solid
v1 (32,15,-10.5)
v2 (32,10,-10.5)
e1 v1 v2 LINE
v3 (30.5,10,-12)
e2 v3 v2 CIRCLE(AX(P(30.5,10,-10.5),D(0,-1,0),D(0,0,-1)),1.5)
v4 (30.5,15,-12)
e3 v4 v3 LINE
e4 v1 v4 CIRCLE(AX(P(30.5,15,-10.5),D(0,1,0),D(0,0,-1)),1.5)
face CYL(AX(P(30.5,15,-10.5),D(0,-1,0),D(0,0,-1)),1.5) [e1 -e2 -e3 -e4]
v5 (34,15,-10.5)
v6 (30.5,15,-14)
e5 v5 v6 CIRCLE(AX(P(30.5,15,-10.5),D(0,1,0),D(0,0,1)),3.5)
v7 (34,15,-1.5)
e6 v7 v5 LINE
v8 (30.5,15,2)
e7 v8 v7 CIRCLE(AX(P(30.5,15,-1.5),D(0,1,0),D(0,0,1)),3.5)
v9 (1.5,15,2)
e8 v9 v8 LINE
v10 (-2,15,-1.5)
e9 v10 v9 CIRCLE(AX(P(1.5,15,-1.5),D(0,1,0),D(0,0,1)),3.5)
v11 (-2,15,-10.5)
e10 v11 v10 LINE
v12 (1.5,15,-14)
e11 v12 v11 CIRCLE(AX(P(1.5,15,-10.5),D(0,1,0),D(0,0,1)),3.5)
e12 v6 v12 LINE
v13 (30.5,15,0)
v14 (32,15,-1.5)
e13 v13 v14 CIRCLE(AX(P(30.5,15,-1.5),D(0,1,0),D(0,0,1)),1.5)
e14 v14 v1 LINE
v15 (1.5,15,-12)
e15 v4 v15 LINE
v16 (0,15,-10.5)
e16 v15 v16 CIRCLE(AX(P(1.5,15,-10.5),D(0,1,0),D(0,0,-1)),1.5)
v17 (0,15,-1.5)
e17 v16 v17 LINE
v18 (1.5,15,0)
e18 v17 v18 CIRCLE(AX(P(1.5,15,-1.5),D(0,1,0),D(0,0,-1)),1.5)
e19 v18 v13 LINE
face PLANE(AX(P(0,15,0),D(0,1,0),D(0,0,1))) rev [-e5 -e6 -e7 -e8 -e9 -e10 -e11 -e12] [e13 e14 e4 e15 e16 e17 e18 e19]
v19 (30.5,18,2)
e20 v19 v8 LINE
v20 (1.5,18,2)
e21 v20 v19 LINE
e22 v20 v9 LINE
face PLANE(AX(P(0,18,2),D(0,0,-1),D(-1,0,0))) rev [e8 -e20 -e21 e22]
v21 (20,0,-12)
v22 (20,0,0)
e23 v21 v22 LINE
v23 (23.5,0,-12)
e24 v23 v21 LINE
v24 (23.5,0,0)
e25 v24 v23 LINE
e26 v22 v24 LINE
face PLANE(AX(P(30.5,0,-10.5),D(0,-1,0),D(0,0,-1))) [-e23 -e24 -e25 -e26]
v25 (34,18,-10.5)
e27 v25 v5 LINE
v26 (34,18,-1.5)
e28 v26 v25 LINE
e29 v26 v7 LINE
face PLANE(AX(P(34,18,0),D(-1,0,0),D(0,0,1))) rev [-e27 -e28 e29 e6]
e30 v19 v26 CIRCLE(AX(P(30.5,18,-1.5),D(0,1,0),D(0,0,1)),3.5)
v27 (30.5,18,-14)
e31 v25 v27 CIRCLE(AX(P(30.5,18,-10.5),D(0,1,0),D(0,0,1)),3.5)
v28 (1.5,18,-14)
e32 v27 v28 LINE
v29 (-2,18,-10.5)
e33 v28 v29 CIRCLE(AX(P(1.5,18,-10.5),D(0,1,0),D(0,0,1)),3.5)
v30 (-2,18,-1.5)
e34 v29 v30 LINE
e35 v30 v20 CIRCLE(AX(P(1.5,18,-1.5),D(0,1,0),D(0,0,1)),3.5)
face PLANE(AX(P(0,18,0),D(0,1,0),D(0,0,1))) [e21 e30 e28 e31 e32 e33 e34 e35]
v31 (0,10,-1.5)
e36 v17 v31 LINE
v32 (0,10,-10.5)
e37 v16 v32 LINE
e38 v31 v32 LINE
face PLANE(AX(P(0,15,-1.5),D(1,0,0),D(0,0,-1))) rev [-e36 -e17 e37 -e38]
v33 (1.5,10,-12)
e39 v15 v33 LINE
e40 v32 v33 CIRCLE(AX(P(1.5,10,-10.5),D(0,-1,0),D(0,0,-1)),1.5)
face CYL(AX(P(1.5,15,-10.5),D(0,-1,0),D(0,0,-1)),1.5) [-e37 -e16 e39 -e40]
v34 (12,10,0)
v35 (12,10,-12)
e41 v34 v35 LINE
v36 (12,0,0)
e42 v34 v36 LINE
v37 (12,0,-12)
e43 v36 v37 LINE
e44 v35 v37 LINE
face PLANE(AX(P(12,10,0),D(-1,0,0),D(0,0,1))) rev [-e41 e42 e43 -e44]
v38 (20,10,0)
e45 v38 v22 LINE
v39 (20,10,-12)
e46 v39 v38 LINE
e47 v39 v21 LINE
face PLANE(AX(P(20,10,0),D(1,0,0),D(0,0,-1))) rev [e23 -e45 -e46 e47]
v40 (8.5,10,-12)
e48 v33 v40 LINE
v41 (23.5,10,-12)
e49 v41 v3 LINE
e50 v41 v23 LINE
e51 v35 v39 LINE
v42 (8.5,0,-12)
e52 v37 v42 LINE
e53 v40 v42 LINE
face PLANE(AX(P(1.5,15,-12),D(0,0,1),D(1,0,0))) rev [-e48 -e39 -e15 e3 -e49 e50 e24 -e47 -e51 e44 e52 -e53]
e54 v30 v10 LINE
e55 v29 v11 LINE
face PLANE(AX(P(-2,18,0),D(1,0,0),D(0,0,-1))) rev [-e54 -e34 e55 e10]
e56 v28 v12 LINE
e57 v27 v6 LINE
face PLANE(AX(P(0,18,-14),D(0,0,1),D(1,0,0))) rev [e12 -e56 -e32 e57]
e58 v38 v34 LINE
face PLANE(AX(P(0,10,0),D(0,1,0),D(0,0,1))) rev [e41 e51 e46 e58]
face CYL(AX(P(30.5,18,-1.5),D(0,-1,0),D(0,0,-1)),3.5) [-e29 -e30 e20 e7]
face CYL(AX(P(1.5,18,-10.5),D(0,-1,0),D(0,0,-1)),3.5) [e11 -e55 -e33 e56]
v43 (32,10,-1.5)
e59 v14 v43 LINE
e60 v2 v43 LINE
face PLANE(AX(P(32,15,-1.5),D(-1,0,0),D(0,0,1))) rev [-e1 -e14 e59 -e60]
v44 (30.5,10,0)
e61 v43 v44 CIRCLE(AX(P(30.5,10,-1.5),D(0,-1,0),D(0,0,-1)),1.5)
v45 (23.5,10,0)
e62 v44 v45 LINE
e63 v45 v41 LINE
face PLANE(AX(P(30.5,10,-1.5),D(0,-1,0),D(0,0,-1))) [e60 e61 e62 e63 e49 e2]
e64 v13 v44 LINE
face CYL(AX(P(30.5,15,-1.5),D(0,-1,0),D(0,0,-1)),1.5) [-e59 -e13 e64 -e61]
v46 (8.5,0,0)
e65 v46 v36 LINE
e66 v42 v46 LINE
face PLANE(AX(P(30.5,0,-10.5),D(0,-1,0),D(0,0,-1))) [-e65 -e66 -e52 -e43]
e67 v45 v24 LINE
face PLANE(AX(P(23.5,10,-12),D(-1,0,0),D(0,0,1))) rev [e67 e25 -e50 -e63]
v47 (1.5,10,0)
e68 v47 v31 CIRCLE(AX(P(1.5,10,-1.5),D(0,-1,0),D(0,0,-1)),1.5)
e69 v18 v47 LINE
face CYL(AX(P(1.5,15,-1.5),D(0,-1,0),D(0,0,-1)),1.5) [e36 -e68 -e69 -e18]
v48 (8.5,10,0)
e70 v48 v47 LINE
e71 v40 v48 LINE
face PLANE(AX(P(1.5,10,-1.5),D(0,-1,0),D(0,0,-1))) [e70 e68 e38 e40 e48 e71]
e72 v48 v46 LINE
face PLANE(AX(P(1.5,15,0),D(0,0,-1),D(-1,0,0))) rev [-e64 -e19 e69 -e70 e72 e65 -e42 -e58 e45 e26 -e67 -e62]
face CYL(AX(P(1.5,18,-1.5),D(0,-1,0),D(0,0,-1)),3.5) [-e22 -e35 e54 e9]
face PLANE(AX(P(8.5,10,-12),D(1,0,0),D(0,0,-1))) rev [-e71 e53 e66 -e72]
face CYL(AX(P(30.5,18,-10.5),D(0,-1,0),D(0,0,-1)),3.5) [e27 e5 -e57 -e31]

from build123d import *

# Parameters (mm, degrees)
BOSS_EXTRUDE1_DEPTH = 15
BOSS_EXTRUDE2_DEPTH = 3
SKETCH3_W           = 8
SKETCH3_H           = 12
CUT_EXTRUDE1_DEPTH  = 10
CUT_EXTRUDE3_DEPTH  = 10


with BuildPart() as part:
    # Sketch1 → Boss-Extrude1 (new body)
    with BuildSketch(Plane(origin=(0, 0, 0), x_dir=(1, 0, 0), z_dir=(0, 1, 0))):
        with BuildLine():
            Line((1.5, 0), (30.5, 0))
            ThreePointArc((30.5, 0), (31.560660172, 0.439339828), (32, 1.5))
            Line((32, 1.5), (32, 10.5))
            ThreePointArc((32, 10.5), (31.560660172, 11.560660172), (30.5, 12))
            Line((30.5, 12), (1.5, 12))
            ThreePointArc((1.5, 12), (0.439339828, 11.560660172), (0, 10.5))
            Line((0, 10.5), (0, 1.5))
            ThreePointArc((0, 1.5), (0.439339828, 0.439339828), (1.5, 0))
        make_face()
    extrude(amount=BOSS_EXTRUDE1_DEPTH)

    # Sketch2 → Boss-Extrude2 (add)
    with BuildSketch(Plane(origin=(0, 15, 0), x_dir=(1, 0, 0), z_dir=(0, 1, 0))):
        with BuildLine():
            Line((1.5, -2), (30.5, -2))
            ThreePointArc((30.5, -2), (32.974873734, -0.974873734), (34, 1.5))
            Line((34, 1.5), (34, 10.5))
            ThreePointArc((34, 10.5), (32.974873734, 12.974873734), (30.5, 14))
            Line((30.5, 14), (1.5, 14))
            ThreePointArc((1.5, 14), (-0.974873734, 12.974873734), (-2, 10.5))
            Line((-2, 10.5), (-2, 1.5))
            ThreePointArc((-2, 1.5), (-0.974873734, -0.974873734), (1.5, -2))
        make_face()
        with BuildLine():
            ThreePointArc((32, 10.5), (31.560660172, 11.560660172), (30.5, 12))
            Line((30.5, 12), (1.5, 12))
            ThreePointArc((1.5, 12), (0.439339828, 11.560660172), (0, 10.5))
            Line((0, 10.5), (0, 1.5))
            ThreePointArc((0, 1.5), (0.439339828, 0.439339828), (1.5, 0))
            Line((1.5, 0), (30.5, 0))
            ThreePointArc((30.5, 0), (31.560660172, 0.439339828), (32, 1.5))
            Line((32, 1.5), (32, 10.5))
        make_face(mode=Mode.SUBTRACT)
        with BuildLine():
            Line((32, 1.5), (32, 10.5))
            ThreePointArc((32, 10.5), (31.560660172, 11.560660172), (30.5, 12))
            Line((30.5, 12), (1.5, 12))
            ThreePointArc((1.5, 12), (0.439339828, 11.560660172), (0, 10.5))
            Line((0, 10.5), (0, 1.5))
            ThreePointArc((0, 1.5), (0.439339828, 0.439339828), (1.5, 0))
            Line((1.5, 0), (30.5, 0))
            ThreePointArc((30.5, 0), (31.560660172, 0.439339828), (32, 1.5))
        make_face()
    extrude(amount=BOSS_EXTRUDE2_DEPTH)

    # Sketch3 → Cut-Extrude1 (cut)
    with BuildSketch(Plane.XZ):
        with Locations((16, -6)):
            Rectangle(SKETCH3_W, SKETCH3_H)
    extrude(amount=-CUT_EXTRUDE1_DEPTH, mode=Mode.SUBTRACT)

    # Sketch4 → Cut-Extrude3 (cut)
    with BuildSketch(Plane.XZ):
        with BuildLine():
            Line((8.5, 0), (1.5, 0))
            ThreePointArc((1.5, 0), (0.439339828, -0.439339828), (0, -1.5))
            Line((0, -1.5), (0, -10.5))
            ThreePointArc((0, -10.5), (0.439339828, -11.560660172), (1.5, -12))
            Line((1.5, -12), (8.5, -12))
            Line((8.5, -12), (8.5, 0))
        make_face()
        with BuildLine():
            Line((23.5, -12), (30.5, -12))
            ThreePointArc((30.5, -12), (31.560660172, -11.560660172), (32, -10.5))
            Line((32, -10.5), (32, -1.5))
            ThreePointArc((32, -1.5), (31.560660172, -0.439339828), (30.5, 0))
            Line((30.5, 0), (23.5, 0))
            Line((23.5, 0), (23.5, -12))
        make_face()
    extrude(amount=-CUT_EXTRUDE3_DEPTH, mode=Mode.SUBTRACT)


solid = part.part
